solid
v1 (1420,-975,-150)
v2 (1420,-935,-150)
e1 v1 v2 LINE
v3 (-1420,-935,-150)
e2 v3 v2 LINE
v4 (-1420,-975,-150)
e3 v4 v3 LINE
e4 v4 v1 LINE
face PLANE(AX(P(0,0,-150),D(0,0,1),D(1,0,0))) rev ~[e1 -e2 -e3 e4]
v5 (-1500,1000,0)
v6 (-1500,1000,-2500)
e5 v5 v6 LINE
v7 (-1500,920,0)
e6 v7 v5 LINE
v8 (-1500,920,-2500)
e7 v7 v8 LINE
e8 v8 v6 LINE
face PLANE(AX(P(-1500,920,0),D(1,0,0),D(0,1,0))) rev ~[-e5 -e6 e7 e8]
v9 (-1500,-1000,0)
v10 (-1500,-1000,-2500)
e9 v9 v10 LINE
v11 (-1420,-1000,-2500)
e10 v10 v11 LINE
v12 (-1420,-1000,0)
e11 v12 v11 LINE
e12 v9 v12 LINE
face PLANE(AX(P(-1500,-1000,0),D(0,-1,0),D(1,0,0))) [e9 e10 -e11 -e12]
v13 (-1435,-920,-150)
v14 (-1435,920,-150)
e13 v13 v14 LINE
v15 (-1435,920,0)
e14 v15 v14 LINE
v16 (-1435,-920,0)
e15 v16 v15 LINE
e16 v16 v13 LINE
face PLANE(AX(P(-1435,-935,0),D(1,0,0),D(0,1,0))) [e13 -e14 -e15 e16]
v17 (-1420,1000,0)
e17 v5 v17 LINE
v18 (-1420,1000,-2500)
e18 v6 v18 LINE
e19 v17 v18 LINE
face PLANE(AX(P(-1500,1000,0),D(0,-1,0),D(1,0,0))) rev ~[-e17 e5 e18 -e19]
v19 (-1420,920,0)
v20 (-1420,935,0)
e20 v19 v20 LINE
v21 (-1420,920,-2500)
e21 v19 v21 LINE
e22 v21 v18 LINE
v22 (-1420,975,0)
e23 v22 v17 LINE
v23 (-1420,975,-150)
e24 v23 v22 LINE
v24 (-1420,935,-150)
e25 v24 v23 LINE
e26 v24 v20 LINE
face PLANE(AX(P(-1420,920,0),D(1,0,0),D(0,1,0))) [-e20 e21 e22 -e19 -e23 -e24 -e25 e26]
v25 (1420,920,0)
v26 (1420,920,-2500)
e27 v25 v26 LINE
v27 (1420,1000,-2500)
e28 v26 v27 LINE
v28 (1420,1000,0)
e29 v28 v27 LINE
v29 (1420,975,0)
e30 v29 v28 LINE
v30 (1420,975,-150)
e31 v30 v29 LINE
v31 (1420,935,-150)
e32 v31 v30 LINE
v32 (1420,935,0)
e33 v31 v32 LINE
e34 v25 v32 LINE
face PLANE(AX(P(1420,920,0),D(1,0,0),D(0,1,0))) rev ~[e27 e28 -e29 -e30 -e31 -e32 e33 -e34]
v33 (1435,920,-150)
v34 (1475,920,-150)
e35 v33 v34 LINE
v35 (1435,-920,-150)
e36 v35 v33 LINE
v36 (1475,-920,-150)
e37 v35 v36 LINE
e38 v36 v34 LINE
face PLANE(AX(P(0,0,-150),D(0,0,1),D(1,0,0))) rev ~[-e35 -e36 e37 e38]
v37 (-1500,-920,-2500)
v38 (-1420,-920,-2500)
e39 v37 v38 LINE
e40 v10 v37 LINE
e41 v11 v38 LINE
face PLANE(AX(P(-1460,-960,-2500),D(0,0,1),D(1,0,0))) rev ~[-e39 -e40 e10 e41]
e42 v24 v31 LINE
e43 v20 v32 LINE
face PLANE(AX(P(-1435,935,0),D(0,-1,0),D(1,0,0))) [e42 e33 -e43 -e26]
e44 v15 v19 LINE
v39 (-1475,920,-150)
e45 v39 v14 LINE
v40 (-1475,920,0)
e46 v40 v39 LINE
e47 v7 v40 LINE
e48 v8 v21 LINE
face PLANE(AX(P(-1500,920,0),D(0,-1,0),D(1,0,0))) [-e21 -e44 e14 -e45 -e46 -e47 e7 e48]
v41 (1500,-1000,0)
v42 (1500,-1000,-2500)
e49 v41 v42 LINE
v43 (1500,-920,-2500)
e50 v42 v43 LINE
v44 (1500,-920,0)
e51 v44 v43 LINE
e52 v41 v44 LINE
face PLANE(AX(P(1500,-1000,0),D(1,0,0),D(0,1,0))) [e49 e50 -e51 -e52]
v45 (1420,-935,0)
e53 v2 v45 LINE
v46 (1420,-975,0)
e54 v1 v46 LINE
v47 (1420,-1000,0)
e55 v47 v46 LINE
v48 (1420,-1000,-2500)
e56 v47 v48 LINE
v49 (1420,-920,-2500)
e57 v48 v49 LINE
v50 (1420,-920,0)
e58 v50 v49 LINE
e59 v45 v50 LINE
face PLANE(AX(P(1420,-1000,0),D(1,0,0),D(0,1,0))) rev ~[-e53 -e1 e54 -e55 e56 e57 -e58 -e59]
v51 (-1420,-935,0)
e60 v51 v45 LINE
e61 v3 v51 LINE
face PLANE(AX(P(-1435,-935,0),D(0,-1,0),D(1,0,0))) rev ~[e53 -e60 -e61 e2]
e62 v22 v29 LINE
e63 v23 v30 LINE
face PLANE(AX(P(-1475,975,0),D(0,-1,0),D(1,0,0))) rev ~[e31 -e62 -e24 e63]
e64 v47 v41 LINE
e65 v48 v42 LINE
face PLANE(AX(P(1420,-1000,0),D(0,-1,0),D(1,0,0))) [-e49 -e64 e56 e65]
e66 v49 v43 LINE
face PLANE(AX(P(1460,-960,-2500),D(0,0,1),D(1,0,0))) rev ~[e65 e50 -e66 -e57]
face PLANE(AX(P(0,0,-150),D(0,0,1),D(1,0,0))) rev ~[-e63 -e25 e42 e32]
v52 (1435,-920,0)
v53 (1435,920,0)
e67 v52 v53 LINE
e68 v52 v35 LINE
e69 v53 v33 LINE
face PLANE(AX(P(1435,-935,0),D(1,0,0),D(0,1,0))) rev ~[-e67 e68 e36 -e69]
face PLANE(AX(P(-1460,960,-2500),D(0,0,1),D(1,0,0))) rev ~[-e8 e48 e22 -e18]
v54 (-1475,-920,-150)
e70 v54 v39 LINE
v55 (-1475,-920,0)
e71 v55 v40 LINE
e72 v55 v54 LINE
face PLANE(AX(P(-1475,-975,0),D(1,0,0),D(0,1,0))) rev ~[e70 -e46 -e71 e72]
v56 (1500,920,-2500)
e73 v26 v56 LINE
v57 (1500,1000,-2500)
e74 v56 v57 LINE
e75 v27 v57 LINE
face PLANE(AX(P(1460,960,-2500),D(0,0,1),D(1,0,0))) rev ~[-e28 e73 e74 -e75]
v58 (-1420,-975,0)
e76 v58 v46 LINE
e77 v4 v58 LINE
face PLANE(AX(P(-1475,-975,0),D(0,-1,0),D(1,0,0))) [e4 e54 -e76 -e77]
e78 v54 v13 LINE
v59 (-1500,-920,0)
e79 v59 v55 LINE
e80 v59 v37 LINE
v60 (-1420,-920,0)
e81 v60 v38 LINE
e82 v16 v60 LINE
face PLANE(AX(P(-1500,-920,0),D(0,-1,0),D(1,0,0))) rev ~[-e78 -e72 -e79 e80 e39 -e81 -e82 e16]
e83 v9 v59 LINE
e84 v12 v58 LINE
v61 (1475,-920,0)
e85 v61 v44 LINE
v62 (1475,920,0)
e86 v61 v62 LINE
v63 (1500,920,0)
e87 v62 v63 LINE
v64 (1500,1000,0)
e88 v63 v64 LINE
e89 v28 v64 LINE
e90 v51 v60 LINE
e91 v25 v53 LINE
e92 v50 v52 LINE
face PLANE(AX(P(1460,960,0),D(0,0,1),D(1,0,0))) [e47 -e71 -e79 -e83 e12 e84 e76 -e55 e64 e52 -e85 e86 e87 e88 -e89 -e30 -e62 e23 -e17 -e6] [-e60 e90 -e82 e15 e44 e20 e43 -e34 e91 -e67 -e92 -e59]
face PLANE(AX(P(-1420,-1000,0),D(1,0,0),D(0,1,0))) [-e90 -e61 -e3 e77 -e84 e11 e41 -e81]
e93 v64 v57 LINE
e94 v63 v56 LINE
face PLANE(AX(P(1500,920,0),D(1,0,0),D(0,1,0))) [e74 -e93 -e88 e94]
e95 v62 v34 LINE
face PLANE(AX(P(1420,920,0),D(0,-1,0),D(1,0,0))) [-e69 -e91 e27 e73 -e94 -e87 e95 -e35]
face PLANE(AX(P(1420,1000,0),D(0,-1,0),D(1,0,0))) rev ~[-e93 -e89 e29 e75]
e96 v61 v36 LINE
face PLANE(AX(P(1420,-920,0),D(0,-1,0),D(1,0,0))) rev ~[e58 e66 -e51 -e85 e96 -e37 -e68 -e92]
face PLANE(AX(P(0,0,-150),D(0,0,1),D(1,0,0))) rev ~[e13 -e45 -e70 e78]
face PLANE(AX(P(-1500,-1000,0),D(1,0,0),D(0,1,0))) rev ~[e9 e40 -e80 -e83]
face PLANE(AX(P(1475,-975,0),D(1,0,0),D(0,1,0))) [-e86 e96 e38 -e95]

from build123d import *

# Parameters (mm, degrees)
F0_W     = 2950
F0_H     = 1950
F0_W_2   = 2870
F0_H_2   = 1870
F2_DEPTH = 150
F1_W     = 80
F1_H     = 80
F3_DEPTH = 2500


with BuildPart() as f2:
    # F0 (on Top) → F2 (new body)
    with BuildSketch(Plane.XY):
        Rectangle(F0_W, F0_H)
        Rectangle(F0_W_2, F0_H_2, mode=Mode.SUBTRACT)
    extrude(amount=-F2_DEPTH)

    # F1 (on Top) → F3 (join)
    with BuildSketch(Plane.XY):
        with Locations((1460, 960)):
            Rectangle(F1_W, F1_H)
        with Locations((1460, -960)):
            Rectangle(F1_W, F1_H)
        with Locations((-1460, -960)):
            Rectangle(F1_W, F1_H)
        with Locations((-1460, 960)):
            Rectangle(F1_W, F1_H)
    extrude(amount=-F3_DEPTH)


solid = f2.part
